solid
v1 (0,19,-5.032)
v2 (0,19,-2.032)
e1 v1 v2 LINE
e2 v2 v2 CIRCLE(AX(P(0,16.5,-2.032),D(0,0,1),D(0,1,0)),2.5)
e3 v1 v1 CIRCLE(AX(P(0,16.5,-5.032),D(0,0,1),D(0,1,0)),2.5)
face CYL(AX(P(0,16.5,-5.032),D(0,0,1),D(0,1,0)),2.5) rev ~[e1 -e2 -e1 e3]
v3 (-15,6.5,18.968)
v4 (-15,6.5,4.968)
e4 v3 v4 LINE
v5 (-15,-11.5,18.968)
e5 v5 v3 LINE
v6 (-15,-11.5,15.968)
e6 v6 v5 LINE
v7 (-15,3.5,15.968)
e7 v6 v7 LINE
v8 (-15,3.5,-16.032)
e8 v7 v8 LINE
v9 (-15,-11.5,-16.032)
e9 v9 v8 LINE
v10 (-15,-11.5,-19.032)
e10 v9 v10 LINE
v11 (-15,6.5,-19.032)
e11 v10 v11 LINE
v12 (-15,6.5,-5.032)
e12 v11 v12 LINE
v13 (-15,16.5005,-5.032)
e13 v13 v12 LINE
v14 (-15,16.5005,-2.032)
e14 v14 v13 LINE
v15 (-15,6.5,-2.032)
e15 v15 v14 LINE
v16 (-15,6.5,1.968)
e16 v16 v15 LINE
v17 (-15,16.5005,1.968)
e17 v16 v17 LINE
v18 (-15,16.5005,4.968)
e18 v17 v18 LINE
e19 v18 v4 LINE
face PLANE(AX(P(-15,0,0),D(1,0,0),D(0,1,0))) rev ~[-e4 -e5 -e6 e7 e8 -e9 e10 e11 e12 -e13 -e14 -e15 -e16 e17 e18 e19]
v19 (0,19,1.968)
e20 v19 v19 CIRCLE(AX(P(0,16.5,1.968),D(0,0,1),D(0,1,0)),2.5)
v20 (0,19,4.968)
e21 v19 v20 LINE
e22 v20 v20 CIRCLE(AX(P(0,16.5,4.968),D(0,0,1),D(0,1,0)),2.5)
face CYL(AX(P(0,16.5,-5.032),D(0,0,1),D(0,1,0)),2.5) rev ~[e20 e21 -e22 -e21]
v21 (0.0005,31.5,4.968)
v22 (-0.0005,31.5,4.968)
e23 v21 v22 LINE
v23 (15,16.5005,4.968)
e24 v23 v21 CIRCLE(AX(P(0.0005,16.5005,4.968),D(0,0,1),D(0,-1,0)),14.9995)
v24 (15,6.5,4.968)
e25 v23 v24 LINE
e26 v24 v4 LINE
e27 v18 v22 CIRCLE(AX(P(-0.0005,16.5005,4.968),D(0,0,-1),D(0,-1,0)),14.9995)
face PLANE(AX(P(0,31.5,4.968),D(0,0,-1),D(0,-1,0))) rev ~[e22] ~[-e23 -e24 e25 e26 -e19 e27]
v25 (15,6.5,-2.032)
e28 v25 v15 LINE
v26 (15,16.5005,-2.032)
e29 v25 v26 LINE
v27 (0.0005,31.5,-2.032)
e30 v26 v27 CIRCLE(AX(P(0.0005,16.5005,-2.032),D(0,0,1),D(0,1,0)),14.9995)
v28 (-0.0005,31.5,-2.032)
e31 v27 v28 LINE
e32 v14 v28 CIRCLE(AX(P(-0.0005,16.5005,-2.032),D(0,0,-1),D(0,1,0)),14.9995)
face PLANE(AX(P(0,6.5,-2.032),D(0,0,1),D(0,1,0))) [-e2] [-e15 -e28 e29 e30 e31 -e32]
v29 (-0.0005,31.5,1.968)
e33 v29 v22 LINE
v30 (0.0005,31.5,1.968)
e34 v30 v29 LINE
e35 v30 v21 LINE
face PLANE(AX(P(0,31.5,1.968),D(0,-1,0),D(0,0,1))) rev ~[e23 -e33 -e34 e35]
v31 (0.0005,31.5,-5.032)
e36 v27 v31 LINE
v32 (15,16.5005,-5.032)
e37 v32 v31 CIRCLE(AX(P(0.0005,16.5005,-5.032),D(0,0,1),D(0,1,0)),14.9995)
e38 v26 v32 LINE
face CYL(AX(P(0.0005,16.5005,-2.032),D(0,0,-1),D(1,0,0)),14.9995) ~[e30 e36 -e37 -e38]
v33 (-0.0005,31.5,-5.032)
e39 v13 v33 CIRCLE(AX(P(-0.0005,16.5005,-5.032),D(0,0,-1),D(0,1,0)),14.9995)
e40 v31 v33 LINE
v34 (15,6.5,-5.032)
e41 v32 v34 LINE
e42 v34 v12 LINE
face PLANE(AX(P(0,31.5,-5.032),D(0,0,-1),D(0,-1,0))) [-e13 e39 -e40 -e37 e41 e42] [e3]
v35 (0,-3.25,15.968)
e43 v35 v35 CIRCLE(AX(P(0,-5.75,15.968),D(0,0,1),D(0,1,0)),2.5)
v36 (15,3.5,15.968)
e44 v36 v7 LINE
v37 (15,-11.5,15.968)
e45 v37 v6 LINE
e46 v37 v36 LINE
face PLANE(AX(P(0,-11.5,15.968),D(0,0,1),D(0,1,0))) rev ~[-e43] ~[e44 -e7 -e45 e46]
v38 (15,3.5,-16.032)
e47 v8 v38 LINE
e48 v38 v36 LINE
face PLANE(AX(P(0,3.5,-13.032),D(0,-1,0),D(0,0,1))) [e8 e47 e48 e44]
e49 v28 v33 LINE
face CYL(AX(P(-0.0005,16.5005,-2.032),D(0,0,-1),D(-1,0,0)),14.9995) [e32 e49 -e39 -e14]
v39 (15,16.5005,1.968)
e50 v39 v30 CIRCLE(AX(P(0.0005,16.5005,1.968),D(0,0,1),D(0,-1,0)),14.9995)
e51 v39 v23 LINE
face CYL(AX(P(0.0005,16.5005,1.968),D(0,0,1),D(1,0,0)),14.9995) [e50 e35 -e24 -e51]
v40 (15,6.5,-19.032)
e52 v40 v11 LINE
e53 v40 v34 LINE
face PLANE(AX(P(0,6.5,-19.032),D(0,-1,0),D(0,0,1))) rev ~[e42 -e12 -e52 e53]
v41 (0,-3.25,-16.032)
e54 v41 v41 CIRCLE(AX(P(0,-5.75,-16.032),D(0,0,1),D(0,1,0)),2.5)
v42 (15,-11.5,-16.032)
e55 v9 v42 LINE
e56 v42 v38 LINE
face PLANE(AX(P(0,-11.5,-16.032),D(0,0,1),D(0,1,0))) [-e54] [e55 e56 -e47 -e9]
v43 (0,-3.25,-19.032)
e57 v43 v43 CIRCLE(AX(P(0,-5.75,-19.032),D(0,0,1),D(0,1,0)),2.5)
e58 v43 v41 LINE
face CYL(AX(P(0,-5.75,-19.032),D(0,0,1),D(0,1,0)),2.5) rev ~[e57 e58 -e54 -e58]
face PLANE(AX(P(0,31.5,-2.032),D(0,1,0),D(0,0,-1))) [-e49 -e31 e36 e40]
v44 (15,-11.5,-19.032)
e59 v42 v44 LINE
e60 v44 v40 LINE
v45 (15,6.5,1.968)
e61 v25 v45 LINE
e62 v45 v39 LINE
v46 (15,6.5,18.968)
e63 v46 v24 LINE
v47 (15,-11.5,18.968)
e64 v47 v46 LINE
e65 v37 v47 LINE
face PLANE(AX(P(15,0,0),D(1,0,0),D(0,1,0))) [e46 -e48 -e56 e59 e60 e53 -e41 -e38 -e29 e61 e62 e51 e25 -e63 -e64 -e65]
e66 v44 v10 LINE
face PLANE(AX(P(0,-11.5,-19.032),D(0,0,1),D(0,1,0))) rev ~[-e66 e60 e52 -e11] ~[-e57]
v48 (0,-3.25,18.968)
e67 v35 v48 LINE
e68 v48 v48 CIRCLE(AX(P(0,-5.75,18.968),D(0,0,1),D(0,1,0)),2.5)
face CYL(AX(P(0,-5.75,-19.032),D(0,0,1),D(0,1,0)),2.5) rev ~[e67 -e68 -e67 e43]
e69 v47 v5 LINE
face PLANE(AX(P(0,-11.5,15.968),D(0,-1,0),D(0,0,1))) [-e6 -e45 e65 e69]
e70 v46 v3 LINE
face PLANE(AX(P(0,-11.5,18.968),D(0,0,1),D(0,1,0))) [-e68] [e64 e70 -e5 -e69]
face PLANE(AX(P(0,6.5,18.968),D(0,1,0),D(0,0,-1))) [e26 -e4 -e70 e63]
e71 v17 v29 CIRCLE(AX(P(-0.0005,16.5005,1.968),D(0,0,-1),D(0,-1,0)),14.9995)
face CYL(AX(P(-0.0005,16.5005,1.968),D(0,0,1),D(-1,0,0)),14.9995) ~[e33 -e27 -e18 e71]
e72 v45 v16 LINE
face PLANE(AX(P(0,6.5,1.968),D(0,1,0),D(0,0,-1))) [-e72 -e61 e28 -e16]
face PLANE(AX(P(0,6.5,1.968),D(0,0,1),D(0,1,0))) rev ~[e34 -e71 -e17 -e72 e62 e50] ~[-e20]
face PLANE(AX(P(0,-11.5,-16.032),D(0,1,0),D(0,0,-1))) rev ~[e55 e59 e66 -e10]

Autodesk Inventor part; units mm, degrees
ref_plane "YZ Plane" through (0, 0, 0) normal (1, 0, 0) x (0, 1, 0)
ref_plane "XZ Plane" through (0, 0, 0) normal (0, 1, 0) x (-1, 0, 0)
ref_plane "XY Plane" through (0, 0, 0) normal (0, 0, 1) x (1, 0, 0)
sketch "Sketch2" plane through (0, 0, 0) normal (1, 0, 0) x (0, 1, 0)
  line L0 (0, -12.532) -> (0, 12.468) projected
  line L1 (0, 12.468) -> (3, 12.468) projected
  line L2 (3, -12.532) -> (3, 12.468) projected
  line L3 (0, -12.532) -> (3, -12.532) projected
  line L4 (-17, -12.532) -> (3, -12.532) projected
  line L5 (3, -12.532) -> (3, -15.532) projected
  line L6 (-17, -15.532) -> (3, -15.532) projected
  line L7 (-17, -12.532) -> (-17, -15.532) projected
  line L8 (3.5, -13.032) -> (3.5, -0.032)
  line L9 (-11.5, -16.032) -> (3.5, -16.032)
  line L10 (3.5, -13.032) -> (3.5, -16.032)
  line L11 (-11.5, -19.032) -> (6.5, -19.032)
  line L12 (3.5, -0.032) -> (6.5, -0.032) construction
  line L13 (-11.5, -16.032) -> (-11.5, -19.032)
  line L14 (6.5, -2.032) -> (31.5, -2.032)
  line L15 (31.5, -2.032) -> (31.5, -5.032)
  line L16 (31.5, -5.032) -> (6.5, -5.032)
  line L17 (3.5, 12.968) -> (3.5, -0.032)
  line L18 (-11.5, 15.968) -> (3.5, 15.968)
  line L19 (3.5, 12.968) -> (3.5, 15.968)
  line L20 (-11.5, 18.968) -> (6.5, 18.968)
  line L21 (-11.5, 15.968) -> (-11.5, 18.968)
  line L22 (6.5, 1.968) -> (31.5, 1.968)
  line L23 (31.5, 1.968) -> (31.5, 4.968)
  line L24 (31.5, 4.968) -> (6.5, 4.968)
  line L25 (3, 12.468) -> (-17, 12.468) projected
  line L26 (-17, 12.468) -> (-17, 15.468) projected
  line L27 (3, 15.468) -> (-17, 15.468) projected
  line L28 (3, 12.468) -> (3, 15.468) projected
  line L29 (6.5, 18.968) -> (6.5, 4.968)
  line L30 (6.5, 1.968) -> (6.5, -0.032)
  line L31 (6.5, -19.032) -> (6.5, -5.032)
  line L32 (6.5, -2.032) -> (6.5, -0.032)
  point P0 (0, 0)
  dimension "d0" = 0.5
  dimension "d1" = 0.5
  dimension "d3" = 15
  dimension "d4" = 3
  dimension "d5" = 19
  dimension "d7" = 25
  dimension "d8" = 2
  dimension "d9" = 3
  dimension "d11" = 3.5
extrude "Extrusion1" add sketch "Sketch2" along normal blind 15 and the other way blind 15 contours L8 L17 L19 L18 L21 L20 L29 L24 L23 L22 L30 L32 L14 L15 L16 L31 L11 L13 L9 L10
fillet "Fillet1" radius 15 4 edges at (-15, 31.5, -3.532) (-15, 31.5, 3.468) (15, 31.5, -3.532) (15, 31.5, 3.468)
sketch "Sketch3" plane through (15, 6.5, -19.032) normal (0, 0, -1) x (-1, 0, 0)
  line L0 (-110, -6.5) -> (140, -6.5) projected
  line L1 (0, -18) -> (30, -18) projected
  line L2 (0, -18) -> (0, 0) projected
  line L3 (30, 0) -> (30, -18) projected
  point P0 (15, -6.5)
  point P1 (15, -12.25)
  dimension "d17" = 5.75
  dimension "d18" = 15
hole "Hole1" at (0, -5.75, -19.032) direction (0, 0, 1) diameter 5 depth 300 tip angle 118
sketch "Sketch4" plane through (15, 6.5, -5.032) normal (0, 0, -1) x (-1, 0, 0)
  arc A0 (30, 10) -> (0, 10) centre (15, 10) ccw projected
  point P0 (15, -6.5)
hole "Hole2" at (0, 16.5, -5.032) direction (0, 0, 1) diameter 5 depth 300 tip angle 118
properties part number "Sujetador_Carril"
